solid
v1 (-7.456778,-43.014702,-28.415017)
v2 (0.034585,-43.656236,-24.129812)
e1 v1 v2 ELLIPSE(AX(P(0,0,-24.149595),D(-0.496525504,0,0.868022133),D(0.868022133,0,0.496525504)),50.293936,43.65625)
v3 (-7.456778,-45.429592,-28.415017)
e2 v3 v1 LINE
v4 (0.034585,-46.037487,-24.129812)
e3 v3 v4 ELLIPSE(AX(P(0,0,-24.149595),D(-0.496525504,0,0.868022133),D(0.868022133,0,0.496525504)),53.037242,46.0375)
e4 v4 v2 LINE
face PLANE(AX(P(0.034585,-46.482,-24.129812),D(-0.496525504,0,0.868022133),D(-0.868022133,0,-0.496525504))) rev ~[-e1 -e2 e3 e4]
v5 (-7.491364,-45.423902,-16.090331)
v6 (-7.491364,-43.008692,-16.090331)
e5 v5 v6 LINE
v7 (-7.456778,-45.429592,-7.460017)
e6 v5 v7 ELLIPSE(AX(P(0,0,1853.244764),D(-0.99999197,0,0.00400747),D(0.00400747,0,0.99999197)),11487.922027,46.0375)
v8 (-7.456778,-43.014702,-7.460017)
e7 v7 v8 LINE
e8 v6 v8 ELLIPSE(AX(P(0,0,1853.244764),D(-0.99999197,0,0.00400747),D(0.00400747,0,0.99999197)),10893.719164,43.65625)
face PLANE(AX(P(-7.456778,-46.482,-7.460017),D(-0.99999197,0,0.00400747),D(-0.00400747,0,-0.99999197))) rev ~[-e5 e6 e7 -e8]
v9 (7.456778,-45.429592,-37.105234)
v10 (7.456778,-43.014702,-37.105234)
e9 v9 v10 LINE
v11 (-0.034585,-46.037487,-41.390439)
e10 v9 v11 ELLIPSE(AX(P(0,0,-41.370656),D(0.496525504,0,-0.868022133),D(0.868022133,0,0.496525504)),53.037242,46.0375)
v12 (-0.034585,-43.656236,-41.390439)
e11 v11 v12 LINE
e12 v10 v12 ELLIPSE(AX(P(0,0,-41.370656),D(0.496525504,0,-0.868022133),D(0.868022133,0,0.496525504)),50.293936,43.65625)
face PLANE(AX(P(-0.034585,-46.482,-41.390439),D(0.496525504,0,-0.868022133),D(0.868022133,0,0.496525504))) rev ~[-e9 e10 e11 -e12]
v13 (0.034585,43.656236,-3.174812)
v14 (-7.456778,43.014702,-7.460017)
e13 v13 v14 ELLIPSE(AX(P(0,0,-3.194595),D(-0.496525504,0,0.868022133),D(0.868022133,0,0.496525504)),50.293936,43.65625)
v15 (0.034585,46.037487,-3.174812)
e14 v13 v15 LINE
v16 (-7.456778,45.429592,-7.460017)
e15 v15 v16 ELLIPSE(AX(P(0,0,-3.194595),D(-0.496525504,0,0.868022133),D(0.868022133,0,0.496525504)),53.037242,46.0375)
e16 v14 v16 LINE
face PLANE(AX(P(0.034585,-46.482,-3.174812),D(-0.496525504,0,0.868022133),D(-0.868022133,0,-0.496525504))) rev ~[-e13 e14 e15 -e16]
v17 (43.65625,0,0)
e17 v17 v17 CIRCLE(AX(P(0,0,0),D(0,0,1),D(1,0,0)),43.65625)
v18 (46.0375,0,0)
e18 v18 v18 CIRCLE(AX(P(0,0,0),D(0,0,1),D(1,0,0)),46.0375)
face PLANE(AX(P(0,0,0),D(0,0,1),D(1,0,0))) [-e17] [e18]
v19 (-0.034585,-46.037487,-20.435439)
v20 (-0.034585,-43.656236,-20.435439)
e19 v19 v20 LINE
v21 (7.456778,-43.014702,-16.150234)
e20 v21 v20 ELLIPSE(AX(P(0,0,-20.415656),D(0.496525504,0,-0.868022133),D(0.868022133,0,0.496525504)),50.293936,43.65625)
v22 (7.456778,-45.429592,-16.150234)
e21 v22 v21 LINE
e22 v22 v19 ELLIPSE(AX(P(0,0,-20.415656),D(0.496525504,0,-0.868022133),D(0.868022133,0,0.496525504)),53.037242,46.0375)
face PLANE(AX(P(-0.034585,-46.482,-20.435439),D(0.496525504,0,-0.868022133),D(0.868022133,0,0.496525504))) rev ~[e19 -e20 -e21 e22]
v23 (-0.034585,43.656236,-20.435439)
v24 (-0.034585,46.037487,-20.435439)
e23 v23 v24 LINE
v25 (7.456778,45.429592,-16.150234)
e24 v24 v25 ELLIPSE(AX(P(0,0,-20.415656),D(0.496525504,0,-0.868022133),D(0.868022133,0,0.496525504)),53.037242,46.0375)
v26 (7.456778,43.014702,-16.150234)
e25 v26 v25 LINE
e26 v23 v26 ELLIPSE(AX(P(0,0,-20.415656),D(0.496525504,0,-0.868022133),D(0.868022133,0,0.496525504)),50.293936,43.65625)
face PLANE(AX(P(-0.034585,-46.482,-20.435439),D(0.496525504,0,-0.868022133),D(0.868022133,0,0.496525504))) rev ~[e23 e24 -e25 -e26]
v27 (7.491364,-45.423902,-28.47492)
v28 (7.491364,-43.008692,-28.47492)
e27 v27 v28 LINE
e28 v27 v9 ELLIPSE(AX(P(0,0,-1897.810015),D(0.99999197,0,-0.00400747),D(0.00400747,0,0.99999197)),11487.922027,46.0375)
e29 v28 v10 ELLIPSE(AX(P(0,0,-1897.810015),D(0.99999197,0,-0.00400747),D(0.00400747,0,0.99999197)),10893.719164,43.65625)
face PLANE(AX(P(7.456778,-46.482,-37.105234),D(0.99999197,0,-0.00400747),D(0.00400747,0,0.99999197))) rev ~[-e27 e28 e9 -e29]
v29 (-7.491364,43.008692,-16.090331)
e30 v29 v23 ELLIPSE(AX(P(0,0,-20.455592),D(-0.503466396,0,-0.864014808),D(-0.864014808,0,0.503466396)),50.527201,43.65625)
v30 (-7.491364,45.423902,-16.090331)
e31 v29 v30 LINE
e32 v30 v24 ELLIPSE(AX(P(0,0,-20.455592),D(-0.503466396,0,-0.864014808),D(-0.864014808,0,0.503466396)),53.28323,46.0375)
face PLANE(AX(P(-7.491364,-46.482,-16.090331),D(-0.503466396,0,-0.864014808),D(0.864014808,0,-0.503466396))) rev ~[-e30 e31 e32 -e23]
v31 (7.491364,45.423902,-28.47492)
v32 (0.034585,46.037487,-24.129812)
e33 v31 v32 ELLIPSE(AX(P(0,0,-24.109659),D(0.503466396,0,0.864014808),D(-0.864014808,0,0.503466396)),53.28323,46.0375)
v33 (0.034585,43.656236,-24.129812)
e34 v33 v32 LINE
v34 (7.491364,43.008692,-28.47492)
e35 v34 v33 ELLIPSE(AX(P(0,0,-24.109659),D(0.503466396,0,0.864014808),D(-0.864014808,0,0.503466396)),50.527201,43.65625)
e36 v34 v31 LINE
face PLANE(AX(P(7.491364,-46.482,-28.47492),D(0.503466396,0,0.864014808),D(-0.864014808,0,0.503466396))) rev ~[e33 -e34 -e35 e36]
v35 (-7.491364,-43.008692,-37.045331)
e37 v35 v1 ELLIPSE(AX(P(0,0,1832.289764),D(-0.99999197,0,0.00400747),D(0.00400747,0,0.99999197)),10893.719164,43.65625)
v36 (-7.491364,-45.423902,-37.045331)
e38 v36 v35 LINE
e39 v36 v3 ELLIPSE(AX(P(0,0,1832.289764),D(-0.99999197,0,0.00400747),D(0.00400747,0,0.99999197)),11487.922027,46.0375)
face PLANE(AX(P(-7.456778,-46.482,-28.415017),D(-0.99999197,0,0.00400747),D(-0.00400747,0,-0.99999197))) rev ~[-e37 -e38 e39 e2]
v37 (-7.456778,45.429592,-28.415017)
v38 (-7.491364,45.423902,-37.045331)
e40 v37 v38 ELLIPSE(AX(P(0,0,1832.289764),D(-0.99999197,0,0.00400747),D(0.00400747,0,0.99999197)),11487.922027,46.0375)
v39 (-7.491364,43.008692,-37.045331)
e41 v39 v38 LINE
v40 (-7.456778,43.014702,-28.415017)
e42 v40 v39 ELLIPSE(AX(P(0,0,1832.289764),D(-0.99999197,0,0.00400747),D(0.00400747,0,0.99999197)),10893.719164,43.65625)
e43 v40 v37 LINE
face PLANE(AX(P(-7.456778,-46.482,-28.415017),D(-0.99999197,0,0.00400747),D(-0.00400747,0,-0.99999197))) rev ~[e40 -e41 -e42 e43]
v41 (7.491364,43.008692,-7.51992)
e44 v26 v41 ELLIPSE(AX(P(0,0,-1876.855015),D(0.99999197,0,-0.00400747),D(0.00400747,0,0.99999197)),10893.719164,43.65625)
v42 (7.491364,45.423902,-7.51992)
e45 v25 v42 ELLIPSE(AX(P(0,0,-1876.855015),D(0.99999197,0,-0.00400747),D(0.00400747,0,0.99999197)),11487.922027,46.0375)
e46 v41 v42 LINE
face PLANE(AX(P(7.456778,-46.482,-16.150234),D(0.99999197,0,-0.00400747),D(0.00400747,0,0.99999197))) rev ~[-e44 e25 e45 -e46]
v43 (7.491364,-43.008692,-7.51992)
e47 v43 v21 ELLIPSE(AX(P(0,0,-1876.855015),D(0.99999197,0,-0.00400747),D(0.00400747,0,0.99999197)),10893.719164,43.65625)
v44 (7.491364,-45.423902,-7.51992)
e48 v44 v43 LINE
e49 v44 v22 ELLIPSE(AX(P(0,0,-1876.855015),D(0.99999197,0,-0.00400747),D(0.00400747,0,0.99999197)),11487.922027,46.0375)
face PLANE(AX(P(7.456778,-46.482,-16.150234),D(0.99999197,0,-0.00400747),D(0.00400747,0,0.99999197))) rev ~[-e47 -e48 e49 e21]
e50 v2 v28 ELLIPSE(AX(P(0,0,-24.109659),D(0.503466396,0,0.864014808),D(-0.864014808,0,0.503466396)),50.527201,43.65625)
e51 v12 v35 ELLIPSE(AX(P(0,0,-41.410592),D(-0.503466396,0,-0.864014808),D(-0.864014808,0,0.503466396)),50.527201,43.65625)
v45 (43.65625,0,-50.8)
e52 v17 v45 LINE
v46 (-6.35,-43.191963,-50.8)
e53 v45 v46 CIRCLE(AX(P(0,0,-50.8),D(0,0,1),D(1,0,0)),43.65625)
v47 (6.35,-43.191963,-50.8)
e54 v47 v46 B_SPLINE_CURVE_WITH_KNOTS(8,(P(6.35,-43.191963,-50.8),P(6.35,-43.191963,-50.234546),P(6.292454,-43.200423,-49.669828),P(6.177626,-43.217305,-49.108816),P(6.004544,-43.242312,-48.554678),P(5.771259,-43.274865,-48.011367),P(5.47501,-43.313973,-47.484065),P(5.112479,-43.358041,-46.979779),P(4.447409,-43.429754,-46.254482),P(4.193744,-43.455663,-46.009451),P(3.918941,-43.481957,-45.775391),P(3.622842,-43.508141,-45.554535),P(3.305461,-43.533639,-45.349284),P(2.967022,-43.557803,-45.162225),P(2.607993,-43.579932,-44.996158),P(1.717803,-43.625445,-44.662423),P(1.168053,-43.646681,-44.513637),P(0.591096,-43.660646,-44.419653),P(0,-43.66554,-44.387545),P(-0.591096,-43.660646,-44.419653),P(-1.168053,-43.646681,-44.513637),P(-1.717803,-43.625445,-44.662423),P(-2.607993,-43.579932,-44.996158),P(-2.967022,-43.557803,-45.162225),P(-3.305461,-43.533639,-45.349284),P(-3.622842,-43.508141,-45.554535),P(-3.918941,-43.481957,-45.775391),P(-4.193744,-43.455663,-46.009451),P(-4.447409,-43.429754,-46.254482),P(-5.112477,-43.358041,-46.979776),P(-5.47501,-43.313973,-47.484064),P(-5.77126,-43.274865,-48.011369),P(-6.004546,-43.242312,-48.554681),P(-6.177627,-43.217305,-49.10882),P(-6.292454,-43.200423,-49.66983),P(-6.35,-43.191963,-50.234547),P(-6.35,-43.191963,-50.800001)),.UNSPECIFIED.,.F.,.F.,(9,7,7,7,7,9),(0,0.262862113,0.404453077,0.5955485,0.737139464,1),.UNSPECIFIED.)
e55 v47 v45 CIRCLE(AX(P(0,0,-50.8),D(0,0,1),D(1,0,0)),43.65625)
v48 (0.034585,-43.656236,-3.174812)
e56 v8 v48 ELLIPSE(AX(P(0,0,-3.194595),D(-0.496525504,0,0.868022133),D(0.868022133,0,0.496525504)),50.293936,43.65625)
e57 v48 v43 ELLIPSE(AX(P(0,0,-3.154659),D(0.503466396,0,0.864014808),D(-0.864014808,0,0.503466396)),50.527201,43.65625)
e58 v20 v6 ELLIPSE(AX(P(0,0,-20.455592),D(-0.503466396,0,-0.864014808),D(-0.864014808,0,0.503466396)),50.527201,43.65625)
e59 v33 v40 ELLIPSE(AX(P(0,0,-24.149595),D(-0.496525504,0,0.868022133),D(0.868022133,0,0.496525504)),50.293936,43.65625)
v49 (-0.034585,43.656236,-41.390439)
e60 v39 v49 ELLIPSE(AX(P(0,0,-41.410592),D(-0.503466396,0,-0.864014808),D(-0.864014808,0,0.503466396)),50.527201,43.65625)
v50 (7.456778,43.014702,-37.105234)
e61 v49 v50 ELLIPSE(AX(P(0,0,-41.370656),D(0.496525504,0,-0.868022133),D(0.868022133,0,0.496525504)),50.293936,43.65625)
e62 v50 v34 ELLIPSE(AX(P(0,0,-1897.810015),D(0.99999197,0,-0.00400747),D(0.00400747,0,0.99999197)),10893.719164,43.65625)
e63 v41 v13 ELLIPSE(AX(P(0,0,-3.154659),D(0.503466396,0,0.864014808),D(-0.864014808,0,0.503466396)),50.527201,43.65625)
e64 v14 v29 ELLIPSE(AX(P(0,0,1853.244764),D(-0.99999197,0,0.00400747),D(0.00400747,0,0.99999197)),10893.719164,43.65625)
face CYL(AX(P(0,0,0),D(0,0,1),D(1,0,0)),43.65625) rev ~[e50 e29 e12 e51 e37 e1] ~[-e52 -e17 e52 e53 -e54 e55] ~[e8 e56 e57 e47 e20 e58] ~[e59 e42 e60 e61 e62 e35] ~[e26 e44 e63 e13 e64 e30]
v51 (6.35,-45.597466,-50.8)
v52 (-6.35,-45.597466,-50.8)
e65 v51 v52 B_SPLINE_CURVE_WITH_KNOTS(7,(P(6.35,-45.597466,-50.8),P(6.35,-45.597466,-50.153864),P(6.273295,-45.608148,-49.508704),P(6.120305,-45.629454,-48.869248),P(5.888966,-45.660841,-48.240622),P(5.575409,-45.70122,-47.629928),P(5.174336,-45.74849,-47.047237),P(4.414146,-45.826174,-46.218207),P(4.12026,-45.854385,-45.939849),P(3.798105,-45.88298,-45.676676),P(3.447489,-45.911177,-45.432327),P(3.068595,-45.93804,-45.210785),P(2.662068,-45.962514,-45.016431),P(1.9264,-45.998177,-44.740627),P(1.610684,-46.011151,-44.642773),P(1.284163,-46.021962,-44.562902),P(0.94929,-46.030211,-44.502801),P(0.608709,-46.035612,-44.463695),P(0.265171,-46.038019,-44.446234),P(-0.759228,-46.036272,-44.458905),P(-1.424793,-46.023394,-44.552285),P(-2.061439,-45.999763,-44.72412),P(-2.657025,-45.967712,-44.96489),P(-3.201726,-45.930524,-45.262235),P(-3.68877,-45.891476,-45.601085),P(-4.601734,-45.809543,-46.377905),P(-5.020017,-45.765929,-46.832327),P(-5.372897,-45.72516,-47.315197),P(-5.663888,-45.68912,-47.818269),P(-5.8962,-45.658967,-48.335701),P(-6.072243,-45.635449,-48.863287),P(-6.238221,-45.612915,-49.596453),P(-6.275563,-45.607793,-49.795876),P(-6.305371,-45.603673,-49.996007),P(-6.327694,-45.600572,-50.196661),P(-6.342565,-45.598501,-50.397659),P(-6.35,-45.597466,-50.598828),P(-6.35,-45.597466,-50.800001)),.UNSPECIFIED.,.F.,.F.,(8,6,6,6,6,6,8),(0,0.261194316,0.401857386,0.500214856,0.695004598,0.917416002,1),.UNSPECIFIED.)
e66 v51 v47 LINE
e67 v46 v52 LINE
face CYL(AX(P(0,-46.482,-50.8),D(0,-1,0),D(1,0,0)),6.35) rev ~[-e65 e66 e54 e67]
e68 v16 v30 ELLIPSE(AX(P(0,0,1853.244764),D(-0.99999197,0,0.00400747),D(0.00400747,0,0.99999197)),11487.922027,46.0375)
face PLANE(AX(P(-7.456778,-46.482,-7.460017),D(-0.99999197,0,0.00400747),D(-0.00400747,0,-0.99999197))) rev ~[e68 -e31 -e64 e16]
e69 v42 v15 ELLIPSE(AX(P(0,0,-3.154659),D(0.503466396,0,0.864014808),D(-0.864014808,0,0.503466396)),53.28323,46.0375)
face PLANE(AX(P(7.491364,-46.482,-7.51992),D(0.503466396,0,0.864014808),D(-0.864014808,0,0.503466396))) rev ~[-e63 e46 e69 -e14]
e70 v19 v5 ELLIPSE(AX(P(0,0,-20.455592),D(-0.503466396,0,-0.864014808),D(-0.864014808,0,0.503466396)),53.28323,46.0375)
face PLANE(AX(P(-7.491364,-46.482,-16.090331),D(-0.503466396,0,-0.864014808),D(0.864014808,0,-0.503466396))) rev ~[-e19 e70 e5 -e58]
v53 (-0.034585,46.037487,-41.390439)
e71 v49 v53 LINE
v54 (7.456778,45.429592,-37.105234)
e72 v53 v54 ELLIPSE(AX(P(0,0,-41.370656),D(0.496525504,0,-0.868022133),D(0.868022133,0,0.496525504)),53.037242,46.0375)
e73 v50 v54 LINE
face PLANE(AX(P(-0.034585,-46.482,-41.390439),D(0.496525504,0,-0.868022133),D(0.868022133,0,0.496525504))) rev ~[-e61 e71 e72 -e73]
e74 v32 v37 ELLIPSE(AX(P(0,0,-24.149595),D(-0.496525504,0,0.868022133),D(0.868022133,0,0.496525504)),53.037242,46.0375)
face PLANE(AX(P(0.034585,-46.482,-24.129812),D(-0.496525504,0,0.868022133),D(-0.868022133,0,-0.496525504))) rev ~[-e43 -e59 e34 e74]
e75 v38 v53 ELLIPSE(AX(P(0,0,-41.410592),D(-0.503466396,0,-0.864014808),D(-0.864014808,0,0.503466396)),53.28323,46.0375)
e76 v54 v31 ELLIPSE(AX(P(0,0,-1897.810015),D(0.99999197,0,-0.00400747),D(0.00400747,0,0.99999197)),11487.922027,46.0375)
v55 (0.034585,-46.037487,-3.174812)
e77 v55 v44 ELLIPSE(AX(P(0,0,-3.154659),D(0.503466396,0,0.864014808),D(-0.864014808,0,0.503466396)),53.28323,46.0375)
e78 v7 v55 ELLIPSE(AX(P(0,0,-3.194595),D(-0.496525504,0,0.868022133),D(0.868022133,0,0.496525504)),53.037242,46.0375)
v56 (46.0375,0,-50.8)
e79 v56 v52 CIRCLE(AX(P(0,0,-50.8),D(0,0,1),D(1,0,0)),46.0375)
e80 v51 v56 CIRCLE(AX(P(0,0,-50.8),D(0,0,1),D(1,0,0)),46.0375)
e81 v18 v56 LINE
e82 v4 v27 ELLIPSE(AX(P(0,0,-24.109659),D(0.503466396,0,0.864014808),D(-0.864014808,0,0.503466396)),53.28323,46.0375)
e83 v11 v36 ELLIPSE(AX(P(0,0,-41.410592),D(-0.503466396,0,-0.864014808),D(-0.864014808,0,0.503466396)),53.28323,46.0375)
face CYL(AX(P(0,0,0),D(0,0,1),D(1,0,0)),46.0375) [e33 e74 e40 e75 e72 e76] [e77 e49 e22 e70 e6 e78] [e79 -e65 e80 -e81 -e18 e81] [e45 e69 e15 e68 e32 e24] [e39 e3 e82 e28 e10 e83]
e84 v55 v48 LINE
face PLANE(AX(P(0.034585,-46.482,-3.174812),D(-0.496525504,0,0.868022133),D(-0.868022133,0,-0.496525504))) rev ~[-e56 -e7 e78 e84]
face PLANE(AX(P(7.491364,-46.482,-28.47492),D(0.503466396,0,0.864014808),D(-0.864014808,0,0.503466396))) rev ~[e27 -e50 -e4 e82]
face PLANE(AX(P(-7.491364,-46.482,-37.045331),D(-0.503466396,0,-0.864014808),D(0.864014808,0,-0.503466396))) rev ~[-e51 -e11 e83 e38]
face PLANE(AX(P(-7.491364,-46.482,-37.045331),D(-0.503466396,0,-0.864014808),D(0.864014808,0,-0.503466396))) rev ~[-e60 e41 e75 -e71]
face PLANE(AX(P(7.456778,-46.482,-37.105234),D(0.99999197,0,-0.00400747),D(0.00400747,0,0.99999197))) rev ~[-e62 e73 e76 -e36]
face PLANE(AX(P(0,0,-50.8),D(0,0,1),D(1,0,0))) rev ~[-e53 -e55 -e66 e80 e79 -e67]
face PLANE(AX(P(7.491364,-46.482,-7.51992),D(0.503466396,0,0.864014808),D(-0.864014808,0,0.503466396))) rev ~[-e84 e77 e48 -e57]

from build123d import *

# Parameters (mm, degrees)
F0_R     = 46.0375
F0_R_2   = 43.65625
F1_DEPTH = 50.8
F3_R     = 6.35
F4_DEPTH = 5.588
F6_DEPTH = 92.5205


with BuildPart() as f1:
    # F0 (on Top) → F1 (new body)
    with BuildSketch(Plane.XY):
        Circle(F0_R)
        Circle(F0_R_2, mode=Mode.SUBTRACT)
    extrude(amount=-F1_DEPTH)

    # F3 (on offset) → F4 (cut)
    with BuildSketch(Plane.XZ.offset(46.482)):
        with Locations((0, -50.8)):
            Circle(F3_R)
    extrude(amount=-F4_DEPTH, mode=Mode.SUBTRACT)

    # F5 (on offset) → F6 (cut, through all)
    with BuildSketch(Plane.XZ.offset(46.482)):
        Polygon((-0.034585, -20.435439), (7.456778, -16.150234), (7.491364, -7.51992), (0.034585, -3.174812), (-7.456778, -7.460017), (-7.491364, -16.090331), align=None)
        Polygon((7.456778, -37.105234), (7.491364, -28.47492), (0.034585, -24.129812), (-7.456778, -28.415017), (-7.491364, -37.045331), (-0.034585, -41.390439), align=None)
    extrude(amount=-F6_DEPTH, mode=Mode.SUBTRACT)


solid = f1.part
